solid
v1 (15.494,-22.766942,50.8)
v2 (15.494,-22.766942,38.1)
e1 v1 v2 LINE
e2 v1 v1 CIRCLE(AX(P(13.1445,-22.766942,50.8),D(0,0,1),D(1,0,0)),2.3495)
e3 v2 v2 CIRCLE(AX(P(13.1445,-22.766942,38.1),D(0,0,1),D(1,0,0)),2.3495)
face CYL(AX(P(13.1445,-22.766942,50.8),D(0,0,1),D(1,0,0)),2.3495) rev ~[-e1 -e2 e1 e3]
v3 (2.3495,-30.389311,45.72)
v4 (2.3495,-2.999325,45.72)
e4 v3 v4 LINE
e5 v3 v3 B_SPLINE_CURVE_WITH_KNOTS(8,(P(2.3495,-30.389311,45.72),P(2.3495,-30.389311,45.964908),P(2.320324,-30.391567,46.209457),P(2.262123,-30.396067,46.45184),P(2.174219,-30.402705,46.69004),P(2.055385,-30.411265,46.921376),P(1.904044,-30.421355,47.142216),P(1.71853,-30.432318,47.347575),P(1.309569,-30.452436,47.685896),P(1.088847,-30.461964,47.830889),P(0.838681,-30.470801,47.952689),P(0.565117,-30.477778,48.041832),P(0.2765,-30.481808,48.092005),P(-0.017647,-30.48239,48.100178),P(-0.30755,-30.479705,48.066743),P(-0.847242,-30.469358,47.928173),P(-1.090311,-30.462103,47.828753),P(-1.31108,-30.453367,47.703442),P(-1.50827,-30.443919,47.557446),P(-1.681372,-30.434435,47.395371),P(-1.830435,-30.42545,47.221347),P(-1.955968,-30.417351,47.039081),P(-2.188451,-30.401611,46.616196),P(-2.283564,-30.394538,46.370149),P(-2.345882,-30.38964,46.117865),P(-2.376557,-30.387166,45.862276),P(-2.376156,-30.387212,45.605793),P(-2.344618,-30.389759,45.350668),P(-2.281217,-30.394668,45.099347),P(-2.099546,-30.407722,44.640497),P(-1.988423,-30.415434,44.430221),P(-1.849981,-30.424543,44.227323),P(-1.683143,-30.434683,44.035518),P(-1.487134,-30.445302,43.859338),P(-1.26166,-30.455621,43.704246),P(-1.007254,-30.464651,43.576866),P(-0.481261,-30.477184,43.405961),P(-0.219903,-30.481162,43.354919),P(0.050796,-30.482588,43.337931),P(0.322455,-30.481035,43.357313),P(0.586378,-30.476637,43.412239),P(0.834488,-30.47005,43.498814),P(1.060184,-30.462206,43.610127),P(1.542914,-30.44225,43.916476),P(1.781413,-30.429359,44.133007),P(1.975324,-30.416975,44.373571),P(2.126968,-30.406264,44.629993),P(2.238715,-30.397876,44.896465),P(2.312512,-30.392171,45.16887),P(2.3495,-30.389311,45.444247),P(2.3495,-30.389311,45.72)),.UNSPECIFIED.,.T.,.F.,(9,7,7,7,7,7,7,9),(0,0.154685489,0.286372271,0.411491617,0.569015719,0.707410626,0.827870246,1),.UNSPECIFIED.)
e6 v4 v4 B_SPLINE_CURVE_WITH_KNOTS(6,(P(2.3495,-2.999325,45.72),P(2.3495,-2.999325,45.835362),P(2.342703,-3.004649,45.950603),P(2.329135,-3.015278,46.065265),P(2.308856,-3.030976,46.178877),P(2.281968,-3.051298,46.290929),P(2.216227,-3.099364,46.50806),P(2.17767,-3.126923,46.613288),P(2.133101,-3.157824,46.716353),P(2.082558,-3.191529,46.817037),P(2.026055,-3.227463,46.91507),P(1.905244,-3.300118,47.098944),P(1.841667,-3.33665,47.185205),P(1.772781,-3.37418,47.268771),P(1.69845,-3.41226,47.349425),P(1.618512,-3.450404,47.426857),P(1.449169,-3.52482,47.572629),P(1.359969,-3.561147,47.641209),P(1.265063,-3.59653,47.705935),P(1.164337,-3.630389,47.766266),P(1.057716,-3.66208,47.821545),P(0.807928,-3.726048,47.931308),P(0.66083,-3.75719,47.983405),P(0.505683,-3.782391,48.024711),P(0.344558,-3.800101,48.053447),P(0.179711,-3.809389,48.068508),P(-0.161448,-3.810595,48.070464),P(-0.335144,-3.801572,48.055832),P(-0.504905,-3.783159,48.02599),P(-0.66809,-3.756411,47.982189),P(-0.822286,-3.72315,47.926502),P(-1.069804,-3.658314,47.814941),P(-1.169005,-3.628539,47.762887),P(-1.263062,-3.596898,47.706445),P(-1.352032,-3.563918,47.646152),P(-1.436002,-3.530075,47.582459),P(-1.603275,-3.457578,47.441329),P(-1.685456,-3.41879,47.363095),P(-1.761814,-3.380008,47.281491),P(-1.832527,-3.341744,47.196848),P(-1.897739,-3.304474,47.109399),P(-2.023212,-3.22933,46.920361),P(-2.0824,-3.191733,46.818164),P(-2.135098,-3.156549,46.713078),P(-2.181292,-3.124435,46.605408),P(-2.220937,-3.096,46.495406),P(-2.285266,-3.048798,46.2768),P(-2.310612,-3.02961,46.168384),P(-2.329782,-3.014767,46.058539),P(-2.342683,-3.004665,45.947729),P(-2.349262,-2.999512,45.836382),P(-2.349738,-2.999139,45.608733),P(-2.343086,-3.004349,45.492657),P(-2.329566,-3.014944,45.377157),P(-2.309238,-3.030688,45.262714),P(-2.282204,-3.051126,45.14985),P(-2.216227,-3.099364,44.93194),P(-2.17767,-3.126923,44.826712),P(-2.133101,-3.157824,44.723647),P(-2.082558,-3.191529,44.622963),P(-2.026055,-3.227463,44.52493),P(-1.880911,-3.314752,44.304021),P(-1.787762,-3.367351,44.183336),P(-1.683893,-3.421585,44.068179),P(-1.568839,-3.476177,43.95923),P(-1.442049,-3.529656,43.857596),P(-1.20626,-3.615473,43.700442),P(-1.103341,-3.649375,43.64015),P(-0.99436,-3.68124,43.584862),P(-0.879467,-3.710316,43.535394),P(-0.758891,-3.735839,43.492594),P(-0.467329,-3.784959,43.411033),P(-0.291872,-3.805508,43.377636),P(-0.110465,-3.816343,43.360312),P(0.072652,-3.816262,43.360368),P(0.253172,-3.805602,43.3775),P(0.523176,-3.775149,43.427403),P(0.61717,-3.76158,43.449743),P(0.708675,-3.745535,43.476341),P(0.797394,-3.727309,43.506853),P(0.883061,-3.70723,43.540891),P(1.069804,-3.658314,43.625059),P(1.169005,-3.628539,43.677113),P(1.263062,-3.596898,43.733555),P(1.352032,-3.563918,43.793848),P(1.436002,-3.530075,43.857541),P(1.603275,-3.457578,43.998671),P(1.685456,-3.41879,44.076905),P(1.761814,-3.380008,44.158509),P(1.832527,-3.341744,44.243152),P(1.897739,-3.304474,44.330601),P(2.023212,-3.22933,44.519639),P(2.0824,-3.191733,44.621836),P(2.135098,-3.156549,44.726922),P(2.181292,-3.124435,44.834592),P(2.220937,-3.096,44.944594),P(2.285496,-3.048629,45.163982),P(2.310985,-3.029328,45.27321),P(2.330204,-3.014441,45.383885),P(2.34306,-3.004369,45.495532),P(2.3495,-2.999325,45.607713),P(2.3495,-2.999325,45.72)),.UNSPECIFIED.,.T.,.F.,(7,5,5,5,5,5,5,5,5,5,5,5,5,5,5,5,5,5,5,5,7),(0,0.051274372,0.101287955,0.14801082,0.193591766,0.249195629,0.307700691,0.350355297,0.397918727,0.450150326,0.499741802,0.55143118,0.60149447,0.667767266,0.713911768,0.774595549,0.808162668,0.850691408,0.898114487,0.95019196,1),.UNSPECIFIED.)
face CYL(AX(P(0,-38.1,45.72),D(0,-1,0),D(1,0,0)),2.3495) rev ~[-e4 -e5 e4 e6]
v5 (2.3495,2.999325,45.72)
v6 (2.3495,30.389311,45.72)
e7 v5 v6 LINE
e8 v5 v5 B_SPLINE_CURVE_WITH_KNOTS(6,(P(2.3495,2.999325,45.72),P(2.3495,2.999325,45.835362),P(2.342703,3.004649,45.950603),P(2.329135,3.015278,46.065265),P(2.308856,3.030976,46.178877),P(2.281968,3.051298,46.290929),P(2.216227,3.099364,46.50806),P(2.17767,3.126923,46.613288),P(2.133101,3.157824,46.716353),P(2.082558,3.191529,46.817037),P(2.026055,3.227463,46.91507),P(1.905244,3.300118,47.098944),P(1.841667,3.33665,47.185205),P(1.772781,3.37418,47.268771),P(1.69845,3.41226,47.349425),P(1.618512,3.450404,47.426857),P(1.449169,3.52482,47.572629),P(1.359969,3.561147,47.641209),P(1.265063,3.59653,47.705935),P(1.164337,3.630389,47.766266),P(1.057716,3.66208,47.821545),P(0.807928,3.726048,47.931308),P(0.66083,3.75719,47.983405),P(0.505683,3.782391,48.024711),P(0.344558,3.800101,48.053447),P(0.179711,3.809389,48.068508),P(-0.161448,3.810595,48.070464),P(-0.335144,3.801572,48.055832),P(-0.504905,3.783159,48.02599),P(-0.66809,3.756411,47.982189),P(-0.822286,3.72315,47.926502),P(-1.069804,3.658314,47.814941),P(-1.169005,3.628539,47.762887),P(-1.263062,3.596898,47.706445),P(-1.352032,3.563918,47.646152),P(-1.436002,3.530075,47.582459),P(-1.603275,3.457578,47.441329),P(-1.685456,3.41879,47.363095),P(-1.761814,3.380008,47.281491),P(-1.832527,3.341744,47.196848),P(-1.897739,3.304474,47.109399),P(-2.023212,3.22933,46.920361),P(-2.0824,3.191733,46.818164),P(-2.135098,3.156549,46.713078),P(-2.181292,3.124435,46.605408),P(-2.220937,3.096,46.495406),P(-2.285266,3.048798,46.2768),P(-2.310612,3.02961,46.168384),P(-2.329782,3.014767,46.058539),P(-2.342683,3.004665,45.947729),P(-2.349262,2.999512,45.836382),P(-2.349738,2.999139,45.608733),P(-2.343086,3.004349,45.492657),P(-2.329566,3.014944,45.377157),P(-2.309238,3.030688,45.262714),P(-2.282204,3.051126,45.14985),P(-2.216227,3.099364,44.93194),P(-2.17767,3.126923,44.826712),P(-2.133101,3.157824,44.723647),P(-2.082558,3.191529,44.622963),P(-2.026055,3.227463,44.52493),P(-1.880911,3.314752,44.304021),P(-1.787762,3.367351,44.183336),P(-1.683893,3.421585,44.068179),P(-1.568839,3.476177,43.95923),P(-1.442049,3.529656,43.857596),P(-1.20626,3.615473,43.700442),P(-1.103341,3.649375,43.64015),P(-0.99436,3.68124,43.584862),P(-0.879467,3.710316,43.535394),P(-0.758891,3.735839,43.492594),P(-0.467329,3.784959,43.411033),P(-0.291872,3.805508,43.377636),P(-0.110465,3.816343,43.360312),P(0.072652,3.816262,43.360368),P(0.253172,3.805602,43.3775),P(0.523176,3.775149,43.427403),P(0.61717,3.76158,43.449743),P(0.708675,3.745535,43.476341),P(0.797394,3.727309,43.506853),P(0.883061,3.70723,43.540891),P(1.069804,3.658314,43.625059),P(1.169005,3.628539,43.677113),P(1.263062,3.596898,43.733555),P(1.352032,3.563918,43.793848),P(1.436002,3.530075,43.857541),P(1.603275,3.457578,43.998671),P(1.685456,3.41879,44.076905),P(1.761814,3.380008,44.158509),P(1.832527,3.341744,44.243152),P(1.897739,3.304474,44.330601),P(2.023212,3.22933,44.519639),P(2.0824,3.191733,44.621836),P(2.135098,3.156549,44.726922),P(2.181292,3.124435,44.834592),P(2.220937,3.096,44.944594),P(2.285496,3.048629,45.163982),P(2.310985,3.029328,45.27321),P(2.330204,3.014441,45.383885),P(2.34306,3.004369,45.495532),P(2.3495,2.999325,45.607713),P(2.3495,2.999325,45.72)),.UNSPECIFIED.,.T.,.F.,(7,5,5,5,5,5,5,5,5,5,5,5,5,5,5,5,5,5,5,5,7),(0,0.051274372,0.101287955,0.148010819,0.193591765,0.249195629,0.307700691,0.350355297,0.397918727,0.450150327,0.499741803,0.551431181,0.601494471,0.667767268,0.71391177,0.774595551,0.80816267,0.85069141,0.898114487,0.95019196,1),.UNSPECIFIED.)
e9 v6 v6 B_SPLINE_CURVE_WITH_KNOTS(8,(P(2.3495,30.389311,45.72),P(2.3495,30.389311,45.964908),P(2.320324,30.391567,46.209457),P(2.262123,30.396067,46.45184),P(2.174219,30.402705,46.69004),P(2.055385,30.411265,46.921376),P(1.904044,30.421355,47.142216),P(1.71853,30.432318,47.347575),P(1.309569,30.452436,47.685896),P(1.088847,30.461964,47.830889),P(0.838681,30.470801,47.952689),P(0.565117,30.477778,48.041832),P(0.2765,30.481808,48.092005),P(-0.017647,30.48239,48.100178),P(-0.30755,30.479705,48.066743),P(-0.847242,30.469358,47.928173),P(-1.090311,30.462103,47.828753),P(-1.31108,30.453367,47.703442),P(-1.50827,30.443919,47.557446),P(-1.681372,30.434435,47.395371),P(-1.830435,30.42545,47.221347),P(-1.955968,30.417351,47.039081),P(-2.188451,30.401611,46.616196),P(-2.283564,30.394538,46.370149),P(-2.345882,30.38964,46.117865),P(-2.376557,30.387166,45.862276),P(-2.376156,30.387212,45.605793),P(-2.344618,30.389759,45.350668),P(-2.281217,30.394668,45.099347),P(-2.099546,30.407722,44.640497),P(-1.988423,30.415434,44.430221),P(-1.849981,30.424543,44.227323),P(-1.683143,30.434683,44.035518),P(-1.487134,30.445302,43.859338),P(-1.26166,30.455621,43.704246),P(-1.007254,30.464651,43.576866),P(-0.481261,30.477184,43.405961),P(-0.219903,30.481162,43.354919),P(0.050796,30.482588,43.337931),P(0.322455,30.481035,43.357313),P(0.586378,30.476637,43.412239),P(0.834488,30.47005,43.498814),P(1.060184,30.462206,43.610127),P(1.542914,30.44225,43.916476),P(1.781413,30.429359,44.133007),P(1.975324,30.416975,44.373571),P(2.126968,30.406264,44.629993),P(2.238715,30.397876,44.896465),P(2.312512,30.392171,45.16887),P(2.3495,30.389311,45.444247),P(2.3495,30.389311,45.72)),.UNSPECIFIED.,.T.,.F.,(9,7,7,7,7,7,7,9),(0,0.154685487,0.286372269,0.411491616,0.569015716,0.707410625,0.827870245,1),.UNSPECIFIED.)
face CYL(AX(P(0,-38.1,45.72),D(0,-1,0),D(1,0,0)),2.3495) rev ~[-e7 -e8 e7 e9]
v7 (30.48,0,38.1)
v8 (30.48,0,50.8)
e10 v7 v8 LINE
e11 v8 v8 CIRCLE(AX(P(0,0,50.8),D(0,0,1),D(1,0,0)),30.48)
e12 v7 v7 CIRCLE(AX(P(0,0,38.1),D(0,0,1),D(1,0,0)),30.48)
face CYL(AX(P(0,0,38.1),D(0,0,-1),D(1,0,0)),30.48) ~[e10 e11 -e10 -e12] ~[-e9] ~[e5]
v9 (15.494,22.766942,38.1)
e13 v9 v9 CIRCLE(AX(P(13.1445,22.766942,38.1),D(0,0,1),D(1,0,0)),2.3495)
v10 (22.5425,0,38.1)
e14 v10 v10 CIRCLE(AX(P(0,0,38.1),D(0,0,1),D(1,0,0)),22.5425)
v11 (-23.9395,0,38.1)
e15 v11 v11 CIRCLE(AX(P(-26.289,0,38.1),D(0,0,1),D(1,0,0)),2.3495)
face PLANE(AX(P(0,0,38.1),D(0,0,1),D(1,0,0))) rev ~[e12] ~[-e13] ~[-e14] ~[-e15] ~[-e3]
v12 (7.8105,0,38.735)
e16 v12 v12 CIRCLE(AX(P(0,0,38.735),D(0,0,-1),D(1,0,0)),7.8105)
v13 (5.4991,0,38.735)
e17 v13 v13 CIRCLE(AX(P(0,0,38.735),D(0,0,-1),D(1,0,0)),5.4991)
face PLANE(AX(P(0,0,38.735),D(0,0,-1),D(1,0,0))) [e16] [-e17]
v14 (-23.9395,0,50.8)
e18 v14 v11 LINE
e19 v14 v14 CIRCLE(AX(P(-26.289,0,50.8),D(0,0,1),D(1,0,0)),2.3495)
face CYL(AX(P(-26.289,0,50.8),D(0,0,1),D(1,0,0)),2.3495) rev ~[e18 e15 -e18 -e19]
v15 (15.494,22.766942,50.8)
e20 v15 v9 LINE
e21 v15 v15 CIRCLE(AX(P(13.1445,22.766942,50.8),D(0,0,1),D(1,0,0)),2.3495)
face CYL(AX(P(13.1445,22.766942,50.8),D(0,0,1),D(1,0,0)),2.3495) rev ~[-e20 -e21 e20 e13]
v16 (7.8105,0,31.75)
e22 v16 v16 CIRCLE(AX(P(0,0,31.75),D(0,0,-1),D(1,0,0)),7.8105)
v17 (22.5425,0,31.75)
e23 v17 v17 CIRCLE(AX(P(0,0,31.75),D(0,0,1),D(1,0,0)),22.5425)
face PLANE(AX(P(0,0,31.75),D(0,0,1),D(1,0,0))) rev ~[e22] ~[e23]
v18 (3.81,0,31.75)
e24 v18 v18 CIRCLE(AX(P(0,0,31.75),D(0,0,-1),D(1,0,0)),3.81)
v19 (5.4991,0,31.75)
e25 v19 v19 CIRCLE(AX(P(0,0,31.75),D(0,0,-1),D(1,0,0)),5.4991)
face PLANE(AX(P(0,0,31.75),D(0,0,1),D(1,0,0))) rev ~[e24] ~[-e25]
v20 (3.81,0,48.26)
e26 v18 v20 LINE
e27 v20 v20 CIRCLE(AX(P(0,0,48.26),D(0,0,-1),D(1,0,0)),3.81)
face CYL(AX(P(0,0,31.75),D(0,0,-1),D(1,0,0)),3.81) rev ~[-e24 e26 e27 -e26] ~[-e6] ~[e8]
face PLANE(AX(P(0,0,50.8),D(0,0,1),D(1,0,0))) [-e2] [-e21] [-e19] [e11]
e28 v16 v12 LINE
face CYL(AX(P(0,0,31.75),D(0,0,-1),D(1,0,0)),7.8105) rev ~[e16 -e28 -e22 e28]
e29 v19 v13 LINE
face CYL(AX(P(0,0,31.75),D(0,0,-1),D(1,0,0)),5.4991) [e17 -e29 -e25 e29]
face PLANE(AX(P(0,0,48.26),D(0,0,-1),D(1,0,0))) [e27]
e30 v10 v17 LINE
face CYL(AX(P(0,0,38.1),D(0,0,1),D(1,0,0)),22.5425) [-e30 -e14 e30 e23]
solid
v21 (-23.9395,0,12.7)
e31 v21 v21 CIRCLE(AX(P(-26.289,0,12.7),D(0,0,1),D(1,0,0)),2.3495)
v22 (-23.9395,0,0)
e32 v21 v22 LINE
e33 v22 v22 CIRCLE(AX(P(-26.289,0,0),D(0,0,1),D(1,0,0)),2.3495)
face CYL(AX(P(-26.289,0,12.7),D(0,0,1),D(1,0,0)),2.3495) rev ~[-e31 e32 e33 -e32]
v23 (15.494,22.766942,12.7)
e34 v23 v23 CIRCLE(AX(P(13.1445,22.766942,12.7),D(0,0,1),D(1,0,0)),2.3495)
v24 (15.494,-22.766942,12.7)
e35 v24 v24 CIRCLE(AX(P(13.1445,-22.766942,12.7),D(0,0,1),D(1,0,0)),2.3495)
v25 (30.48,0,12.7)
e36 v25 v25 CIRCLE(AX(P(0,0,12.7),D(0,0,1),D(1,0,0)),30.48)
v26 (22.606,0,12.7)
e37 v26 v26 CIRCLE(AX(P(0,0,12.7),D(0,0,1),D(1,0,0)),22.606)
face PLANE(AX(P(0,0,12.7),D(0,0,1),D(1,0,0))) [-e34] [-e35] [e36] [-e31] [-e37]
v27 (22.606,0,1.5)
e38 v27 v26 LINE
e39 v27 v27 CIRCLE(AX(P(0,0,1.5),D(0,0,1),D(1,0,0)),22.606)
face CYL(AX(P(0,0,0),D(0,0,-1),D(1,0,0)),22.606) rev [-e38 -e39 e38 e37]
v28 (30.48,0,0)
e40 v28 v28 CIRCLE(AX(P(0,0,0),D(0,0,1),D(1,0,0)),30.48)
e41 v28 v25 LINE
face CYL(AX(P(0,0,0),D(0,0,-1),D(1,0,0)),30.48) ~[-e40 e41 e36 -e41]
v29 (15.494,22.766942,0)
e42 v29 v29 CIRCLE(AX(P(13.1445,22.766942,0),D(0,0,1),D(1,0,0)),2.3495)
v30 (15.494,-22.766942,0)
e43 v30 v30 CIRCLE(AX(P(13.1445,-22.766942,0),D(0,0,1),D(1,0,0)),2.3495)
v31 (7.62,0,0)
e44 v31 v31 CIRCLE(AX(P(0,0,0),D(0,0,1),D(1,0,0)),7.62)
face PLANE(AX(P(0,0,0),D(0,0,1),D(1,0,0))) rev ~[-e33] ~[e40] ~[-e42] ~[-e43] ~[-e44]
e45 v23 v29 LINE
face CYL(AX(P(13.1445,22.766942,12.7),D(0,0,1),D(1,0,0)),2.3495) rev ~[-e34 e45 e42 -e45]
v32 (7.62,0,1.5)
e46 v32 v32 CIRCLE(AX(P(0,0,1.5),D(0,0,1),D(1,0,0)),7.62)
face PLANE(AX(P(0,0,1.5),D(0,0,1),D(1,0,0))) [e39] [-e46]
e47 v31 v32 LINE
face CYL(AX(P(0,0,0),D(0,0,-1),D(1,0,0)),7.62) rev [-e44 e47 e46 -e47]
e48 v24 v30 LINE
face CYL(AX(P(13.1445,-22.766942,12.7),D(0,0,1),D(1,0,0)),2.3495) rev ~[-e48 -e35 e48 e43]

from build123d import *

# Parameters (mm, degrees)
F0_R      = 22.606
F0_R_2    = 7.62
F1_DEPTH  = 1.5
F0_R_3    = 30.48
F2_DEPTH  = 12.7
F3_R      = 2.3495
F4_DEPTH  = 12.7
F6_R      = 22.5425
F7_DEPTH  = 6.35
F6_R_2    = 30.48
F8_DEPTH  = 12.7
F9_R      = 2.3495
F10_DEPTH = 12.7
F11_R     = 7.8105
F11_R_2   = 5.4991
F12_DEPTH = 6.985
F11_R_3   = 3.81
F13_DEPTH = 16.51
F15_R     = 2.3495
F16_DEPTH = 68.581


with BuildPart() as f1:
    # F0 (on Top) → F1 (new body)
    with BuildSketch(Plane.XY):
        Circle(F0_R)
        Circle(F0_R_2, mode=Mode.SUBTRACT)
    extrude(amount=F1_DEPTH)

    # F0 (on Top) → F2 (join)
    with BuildSketch(Plane.XY):
        Circle(F0_R_3)
        Circle(F0_R, mode=Mode.SUBTRACT)
    extrude(amount=F2_DEPTH)

    # F3 (on face) → F4 (cut, through all)
    with BuildSketch(Plane.XY.offset(12.7)):
        with Locations((-26.289, 0)):
            Circle(F3_R)
        with Locations((13.1445, 22.7669418401)):
            Circle(F3_R)
        with Locations((13.1445, -22.7669418401)):
            Circle(F3_R)
    extrude(amount=-F4_DEPTH, mode=Mode.SUBTRACT)


with BuildPart() as f7:
    # F6 (on offset) → F7 (new body)
    with BuildSketch(Plane.XY.offset(38.1)):
        Circle(F6_R)
    extrude(amount=-F7_DEPTH)

    # F6 (on offset) → F8 (join)
    with BuildSketch(Plane.XY.offset(38.1)):
        Circle(F6_R_2)
        Circle(F6_R, mode=Mode.SUBTRACT)
        Circle(F6_R)
    extrude(amount=F8_DEPTH)

    # F9 (on face) → F10 (cut, through all)
    with BuildSketch(Plane.XY.offset(50.8)):
        with Locations((13.1445, 22.7669418401)):
            Circle(F9_R)
        with Locations((-26.289, 0)):
            Circle(F9_R)
        with Locations((13.1445, -22.7669418401)):
            Circle(F9_R)
    extrude(amount=-F10_DEPTH, mode=Mode.SUBTRACT)

    # F11 (on face) → F12 (cut)
    with BuildSketch(Plane(origin=(0, 0, 31.75), x_dir=(1, 0, 0), z_dir=(0, 0, -1))):
        Circle(F11_R)
        Circle(F11_R_2, mode=Mode.SUBTRACT)
    extrude(amount=-F12_DEPTH, mode=Mode.SUBTRACT)

    # F11 (on face) → F13 (cut)
    with BuildSketch(Plane(origin=(0, 0, 31.75), x_dir=(1, 0, 0), z_dir=(0, 0, -1))):
        Circle(F11_R_3)
    extrude(amount=-F13_DEPTH, mode=Mode.SUBTRACT)

    # F15 (on offset) → F16 (cut, through all)
    with BuildSketch(Plane.XZ.offset(38.1)):
        with Locations((0, 45.72)):
            Circle(F15_R)
    extrude(amount=-F16_DEPTH, mode=Mode.SUBTRACT)


solid = Compound([f1.part, f7.part])
